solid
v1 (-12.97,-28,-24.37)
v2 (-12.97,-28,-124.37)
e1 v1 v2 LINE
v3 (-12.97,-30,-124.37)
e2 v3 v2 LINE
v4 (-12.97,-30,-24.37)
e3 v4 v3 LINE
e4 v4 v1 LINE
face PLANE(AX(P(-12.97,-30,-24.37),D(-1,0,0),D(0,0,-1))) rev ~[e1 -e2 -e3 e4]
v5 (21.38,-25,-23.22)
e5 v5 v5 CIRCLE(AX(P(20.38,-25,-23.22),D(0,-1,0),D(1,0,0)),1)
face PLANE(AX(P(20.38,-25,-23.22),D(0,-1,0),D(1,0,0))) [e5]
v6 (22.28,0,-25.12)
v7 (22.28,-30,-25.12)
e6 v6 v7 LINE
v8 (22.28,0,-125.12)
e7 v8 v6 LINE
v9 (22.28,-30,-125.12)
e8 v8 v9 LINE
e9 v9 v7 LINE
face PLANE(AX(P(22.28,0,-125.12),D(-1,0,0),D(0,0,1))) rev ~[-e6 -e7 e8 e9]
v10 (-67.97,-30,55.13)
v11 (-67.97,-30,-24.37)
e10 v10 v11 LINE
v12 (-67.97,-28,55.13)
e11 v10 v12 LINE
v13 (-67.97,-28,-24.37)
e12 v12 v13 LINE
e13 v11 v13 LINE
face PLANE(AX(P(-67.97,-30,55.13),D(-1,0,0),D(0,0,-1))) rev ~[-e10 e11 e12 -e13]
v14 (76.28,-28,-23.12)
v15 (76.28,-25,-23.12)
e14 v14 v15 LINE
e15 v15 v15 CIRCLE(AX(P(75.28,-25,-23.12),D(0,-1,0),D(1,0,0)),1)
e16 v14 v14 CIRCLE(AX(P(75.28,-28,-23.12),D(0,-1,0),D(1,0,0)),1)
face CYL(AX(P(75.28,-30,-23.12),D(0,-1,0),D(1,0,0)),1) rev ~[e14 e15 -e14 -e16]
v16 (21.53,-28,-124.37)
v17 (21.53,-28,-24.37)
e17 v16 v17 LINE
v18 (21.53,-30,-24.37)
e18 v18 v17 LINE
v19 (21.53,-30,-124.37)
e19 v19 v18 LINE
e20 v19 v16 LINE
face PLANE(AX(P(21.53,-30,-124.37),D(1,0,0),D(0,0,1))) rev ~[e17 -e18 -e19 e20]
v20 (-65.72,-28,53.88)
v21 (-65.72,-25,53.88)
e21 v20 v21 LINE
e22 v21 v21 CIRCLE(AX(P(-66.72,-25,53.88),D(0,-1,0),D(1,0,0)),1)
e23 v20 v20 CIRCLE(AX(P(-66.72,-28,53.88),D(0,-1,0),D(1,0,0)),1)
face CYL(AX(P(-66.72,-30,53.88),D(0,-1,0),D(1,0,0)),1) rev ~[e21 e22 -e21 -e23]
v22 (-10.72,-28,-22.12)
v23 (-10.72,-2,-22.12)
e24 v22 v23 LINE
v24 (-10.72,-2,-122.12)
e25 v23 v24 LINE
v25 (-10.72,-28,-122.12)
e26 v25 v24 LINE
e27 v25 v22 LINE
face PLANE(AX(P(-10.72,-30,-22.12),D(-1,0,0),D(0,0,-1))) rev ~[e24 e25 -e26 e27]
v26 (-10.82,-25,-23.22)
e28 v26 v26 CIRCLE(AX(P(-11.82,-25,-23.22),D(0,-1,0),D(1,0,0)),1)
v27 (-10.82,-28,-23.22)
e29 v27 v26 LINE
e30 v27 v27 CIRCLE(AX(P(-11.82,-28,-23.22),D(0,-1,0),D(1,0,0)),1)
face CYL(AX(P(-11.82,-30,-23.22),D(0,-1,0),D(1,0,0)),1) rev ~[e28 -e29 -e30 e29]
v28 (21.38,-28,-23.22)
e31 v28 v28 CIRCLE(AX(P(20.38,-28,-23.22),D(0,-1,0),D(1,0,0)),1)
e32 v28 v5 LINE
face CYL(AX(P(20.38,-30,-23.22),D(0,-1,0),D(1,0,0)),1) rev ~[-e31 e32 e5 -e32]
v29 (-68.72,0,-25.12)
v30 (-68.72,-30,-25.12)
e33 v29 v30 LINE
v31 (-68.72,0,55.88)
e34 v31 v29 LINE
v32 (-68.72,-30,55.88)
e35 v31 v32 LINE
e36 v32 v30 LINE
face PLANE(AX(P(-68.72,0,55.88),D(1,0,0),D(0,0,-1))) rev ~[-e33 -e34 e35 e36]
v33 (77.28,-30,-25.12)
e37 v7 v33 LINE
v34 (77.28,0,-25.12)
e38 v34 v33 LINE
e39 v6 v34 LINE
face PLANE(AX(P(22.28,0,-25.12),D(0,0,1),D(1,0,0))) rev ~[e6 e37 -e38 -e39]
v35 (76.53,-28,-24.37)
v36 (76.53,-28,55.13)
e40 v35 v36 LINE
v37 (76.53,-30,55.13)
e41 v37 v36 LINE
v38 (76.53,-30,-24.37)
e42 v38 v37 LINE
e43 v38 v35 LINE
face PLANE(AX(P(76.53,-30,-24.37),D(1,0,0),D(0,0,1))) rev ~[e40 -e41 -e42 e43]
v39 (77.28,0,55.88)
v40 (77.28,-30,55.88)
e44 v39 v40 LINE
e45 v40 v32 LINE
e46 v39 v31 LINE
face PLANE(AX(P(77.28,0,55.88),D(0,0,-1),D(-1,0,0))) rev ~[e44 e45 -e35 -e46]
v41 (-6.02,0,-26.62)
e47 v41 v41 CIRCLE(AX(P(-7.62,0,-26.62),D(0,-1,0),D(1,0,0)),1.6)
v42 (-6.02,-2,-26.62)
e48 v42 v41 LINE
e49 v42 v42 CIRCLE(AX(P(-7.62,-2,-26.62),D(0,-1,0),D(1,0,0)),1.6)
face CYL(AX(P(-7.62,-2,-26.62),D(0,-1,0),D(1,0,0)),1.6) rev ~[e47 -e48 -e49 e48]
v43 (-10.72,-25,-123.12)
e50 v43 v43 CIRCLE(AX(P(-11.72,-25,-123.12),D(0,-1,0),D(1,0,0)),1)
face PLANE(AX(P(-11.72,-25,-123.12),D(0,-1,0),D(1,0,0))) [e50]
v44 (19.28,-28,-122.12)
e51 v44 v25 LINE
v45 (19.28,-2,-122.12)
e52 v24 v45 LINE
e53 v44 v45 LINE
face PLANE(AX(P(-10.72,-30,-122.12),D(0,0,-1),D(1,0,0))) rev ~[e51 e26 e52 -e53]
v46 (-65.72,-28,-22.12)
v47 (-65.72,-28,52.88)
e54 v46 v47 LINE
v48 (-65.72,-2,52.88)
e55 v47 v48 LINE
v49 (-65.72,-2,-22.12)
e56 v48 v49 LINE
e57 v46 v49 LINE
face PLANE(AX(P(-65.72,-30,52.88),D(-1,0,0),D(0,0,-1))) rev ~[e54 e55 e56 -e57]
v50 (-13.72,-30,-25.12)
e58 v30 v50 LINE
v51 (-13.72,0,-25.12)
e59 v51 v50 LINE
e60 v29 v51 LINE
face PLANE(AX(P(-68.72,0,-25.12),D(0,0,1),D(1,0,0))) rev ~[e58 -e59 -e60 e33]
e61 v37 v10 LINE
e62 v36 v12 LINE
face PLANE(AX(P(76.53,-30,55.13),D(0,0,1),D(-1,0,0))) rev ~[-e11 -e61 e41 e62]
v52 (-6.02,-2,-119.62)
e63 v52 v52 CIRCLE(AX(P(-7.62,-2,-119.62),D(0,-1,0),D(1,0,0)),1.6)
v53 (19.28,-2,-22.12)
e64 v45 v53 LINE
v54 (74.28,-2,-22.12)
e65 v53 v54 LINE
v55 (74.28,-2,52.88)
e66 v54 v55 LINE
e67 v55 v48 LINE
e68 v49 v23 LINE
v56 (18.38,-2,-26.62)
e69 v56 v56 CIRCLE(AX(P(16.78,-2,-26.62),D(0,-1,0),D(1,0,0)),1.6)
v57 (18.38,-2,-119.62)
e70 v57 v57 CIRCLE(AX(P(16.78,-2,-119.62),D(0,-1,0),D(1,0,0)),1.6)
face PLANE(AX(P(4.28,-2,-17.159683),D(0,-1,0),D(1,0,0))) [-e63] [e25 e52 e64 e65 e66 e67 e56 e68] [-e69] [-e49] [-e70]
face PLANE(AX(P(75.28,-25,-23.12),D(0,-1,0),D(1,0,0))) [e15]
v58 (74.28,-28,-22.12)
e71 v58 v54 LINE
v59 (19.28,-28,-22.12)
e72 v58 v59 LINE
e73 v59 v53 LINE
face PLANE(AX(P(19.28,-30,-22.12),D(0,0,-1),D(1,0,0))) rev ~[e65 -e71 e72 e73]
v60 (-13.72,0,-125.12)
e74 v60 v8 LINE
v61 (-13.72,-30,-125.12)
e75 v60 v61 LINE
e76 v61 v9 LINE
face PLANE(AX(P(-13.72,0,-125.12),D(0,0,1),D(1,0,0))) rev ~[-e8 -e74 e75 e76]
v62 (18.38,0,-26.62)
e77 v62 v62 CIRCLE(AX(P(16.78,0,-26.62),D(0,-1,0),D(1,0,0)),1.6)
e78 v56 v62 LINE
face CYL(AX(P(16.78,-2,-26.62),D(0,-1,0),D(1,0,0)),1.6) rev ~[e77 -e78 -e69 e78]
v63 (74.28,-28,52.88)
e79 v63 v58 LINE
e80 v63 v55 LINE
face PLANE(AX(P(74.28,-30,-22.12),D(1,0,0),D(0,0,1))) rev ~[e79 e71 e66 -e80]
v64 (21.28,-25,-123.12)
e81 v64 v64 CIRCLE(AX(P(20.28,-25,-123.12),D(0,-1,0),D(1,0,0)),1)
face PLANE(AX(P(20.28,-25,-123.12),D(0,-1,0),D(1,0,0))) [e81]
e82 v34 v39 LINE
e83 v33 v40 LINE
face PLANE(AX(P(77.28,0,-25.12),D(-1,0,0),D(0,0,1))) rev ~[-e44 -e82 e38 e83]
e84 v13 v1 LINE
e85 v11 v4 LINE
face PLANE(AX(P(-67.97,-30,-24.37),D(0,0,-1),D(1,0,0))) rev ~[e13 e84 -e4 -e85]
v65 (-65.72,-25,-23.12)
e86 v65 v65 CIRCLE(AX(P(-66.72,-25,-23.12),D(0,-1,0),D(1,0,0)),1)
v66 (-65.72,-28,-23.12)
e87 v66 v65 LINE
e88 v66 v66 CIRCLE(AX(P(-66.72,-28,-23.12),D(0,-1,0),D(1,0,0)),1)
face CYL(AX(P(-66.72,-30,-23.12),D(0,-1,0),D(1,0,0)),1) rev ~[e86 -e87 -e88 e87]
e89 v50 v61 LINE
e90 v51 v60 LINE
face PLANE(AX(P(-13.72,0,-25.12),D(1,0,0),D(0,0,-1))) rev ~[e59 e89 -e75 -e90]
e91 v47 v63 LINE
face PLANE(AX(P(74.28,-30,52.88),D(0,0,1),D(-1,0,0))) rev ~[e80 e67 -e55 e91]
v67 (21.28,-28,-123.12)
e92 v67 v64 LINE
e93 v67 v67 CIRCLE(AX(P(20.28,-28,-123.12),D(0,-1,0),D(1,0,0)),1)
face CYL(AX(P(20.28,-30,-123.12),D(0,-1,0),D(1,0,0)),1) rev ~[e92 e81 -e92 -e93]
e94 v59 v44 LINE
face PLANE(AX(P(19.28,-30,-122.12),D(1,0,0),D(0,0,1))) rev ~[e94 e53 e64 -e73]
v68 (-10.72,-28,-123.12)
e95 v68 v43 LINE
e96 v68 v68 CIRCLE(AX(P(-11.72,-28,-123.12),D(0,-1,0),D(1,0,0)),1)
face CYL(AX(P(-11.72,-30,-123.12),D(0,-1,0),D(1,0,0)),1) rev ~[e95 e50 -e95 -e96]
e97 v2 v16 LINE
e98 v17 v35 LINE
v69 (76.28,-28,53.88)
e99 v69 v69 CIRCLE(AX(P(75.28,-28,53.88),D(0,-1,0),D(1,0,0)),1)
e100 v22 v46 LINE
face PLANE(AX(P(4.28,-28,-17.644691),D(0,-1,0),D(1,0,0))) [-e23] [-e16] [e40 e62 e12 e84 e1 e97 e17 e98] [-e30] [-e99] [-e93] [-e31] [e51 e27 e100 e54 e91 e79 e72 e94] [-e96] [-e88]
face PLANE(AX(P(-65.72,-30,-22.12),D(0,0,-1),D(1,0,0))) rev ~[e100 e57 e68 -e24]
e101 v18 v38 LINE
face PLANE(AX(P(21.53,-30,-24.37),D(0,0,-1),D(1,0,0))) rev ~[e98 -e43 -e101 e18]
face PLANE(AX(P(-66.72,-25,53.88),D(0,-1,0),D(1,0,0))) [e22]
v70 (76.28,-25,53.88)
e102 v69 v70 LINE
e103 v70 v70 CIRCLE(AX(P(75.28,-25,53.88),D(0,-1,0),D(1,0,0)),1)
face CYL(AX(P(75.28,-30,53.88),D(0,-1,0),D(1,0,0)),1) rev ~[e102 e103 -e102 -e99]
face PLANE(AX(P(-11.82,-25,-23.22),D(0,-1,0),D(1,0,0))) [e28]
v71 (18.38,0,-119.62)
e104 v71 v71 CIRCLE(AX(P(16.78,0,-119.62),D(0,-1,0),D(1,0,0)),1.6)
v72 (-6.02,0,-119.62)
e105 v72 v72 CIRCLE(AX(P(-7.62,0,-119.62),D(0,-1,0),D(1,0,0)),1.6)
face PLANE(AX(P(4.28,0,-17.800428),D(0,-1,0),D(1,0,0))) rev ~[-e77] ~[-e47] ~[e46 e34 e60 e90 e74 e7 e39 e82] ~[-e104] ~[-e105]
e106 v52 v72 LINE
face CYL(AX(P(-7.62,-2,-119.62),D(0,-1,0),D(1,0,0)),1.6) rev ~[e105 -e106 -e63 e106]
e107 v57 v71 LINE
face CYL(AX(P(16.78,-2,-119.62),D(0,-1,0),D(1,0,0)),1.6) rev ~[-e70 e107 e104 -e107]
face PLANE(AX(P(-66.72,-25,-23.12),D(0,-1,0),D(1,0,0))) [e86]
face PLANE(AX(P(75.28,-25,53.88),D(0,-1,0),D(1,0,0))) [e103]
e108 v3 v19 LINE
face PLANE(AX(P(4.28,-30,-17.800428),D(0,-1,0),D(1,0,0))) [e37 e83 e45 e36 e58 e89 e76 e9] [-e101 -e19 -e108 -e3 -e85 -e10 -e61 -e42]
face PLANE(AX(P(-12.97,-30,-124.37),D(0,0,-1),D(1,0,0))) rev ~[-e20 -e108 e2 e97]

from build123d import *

# Parameters (mm, degrees)
PAD_DEPTH       = 30
POCKET_DEPTH    = 28
SKETCH002_R     = 1
POCKET001_DEPTH = 5
SKETCH003_R     = 1.6
POCKET002_DEPTH = 5
POCKET003_DEPTH = 2


with BuildPart() as part:
    # Sketch → Pad (new body)
    with BuildSketch(Plane.XZ):
        Polygon((-68.72, 55.88), (-68.72, -25.12), (-13.72, -25.12), (-13.72, -125.12), (22.28, -125.12), (22.28, -25.12), (77.28, -25.12), (77.28, 55.88), align=None)
    extrude(amount=PAD_DEPTH)

    # Sketch001 (on Face10 of Pad) → Pocket (cut)
    with BuildSketch(Plane.XZ.offset(30)):
        Polygon((-65.72, 52.88), (-65.72, -22.12), (-10.72, -22.12), (-10.72, -122.12), (19.28, -122.12), (19.28, -22.12), (74.28, -22.12), (74.28, 52.88), align=None)
    extrude(amount=-POCKET_DEPTH, mode=Mode.SUBTRACT)

    # Sketch002 (on Face10 of Pad) → Pocket001 (cut)
    with BuildSketch(Plane.XZ.offset(30)):
        with Locations((-11.82, -23.22)):
            Circle(SKETCH002_R)
        with Locations((-11.72, -123.12)):
            Circle(SKETCH002_R)
        with Locations((20.38, -23.22)):
            Circle(SKETCH002_R)
        with Locations((20.28, -123.12)):
            Circle(SKETCH002_R)
        with Locations((-66.72, -23.12)):
            Circle(SKETCH002_R)
        with Locations((75.28, -23.12)):
            Circle(SKETCH002_R)
        with Locations((75.28, 53.88)):
            Circle(SKETCH002_R)
        with Locations((-66.72, 53.88)):
            Circle(SKETCH002_R)
    extrude(amount=-POCKET001_DEPTH, mode=Mode.SUBTRACT)

    # Sketch003 (on Face28 of Pocket001) → Pocket002 (cut)
    with BuildSketch(Plane.XZ.offset(2)):
        with Locations((-7.62, -119.62)):
            Circle(SKETCH003_R)
        with Locations((16.78, -119.62)):
            Circle(SKETCH003_R)
        with Locations((-7.62, -26.62)):
            Circle(SKETCH003_R)
        with Locations((16.78, -26.62)):
            Circle(SKETCH003_R)
    extrude(amount=-POCKET002_DEPTH, mode=Mode.SUBTRACT)

    # Sketch004 (on Face5 of Pocket002) → Pocket003 (cut)
    with BuildSketch(Plane.XZ.offset(30)):
        Polygon((-67.97, 55.13), (-67.97, -24.37), (-12.97, -24.37), (-12.97, -124.37), (21.53, -124.37), (21.53, -24.37), (76.53, -24.37), (76.53, 55.13), align=None)
    extrude(amount=-POCKET003_DEPTH, mode=Mode.SUBTRACT)


solid = part.part
